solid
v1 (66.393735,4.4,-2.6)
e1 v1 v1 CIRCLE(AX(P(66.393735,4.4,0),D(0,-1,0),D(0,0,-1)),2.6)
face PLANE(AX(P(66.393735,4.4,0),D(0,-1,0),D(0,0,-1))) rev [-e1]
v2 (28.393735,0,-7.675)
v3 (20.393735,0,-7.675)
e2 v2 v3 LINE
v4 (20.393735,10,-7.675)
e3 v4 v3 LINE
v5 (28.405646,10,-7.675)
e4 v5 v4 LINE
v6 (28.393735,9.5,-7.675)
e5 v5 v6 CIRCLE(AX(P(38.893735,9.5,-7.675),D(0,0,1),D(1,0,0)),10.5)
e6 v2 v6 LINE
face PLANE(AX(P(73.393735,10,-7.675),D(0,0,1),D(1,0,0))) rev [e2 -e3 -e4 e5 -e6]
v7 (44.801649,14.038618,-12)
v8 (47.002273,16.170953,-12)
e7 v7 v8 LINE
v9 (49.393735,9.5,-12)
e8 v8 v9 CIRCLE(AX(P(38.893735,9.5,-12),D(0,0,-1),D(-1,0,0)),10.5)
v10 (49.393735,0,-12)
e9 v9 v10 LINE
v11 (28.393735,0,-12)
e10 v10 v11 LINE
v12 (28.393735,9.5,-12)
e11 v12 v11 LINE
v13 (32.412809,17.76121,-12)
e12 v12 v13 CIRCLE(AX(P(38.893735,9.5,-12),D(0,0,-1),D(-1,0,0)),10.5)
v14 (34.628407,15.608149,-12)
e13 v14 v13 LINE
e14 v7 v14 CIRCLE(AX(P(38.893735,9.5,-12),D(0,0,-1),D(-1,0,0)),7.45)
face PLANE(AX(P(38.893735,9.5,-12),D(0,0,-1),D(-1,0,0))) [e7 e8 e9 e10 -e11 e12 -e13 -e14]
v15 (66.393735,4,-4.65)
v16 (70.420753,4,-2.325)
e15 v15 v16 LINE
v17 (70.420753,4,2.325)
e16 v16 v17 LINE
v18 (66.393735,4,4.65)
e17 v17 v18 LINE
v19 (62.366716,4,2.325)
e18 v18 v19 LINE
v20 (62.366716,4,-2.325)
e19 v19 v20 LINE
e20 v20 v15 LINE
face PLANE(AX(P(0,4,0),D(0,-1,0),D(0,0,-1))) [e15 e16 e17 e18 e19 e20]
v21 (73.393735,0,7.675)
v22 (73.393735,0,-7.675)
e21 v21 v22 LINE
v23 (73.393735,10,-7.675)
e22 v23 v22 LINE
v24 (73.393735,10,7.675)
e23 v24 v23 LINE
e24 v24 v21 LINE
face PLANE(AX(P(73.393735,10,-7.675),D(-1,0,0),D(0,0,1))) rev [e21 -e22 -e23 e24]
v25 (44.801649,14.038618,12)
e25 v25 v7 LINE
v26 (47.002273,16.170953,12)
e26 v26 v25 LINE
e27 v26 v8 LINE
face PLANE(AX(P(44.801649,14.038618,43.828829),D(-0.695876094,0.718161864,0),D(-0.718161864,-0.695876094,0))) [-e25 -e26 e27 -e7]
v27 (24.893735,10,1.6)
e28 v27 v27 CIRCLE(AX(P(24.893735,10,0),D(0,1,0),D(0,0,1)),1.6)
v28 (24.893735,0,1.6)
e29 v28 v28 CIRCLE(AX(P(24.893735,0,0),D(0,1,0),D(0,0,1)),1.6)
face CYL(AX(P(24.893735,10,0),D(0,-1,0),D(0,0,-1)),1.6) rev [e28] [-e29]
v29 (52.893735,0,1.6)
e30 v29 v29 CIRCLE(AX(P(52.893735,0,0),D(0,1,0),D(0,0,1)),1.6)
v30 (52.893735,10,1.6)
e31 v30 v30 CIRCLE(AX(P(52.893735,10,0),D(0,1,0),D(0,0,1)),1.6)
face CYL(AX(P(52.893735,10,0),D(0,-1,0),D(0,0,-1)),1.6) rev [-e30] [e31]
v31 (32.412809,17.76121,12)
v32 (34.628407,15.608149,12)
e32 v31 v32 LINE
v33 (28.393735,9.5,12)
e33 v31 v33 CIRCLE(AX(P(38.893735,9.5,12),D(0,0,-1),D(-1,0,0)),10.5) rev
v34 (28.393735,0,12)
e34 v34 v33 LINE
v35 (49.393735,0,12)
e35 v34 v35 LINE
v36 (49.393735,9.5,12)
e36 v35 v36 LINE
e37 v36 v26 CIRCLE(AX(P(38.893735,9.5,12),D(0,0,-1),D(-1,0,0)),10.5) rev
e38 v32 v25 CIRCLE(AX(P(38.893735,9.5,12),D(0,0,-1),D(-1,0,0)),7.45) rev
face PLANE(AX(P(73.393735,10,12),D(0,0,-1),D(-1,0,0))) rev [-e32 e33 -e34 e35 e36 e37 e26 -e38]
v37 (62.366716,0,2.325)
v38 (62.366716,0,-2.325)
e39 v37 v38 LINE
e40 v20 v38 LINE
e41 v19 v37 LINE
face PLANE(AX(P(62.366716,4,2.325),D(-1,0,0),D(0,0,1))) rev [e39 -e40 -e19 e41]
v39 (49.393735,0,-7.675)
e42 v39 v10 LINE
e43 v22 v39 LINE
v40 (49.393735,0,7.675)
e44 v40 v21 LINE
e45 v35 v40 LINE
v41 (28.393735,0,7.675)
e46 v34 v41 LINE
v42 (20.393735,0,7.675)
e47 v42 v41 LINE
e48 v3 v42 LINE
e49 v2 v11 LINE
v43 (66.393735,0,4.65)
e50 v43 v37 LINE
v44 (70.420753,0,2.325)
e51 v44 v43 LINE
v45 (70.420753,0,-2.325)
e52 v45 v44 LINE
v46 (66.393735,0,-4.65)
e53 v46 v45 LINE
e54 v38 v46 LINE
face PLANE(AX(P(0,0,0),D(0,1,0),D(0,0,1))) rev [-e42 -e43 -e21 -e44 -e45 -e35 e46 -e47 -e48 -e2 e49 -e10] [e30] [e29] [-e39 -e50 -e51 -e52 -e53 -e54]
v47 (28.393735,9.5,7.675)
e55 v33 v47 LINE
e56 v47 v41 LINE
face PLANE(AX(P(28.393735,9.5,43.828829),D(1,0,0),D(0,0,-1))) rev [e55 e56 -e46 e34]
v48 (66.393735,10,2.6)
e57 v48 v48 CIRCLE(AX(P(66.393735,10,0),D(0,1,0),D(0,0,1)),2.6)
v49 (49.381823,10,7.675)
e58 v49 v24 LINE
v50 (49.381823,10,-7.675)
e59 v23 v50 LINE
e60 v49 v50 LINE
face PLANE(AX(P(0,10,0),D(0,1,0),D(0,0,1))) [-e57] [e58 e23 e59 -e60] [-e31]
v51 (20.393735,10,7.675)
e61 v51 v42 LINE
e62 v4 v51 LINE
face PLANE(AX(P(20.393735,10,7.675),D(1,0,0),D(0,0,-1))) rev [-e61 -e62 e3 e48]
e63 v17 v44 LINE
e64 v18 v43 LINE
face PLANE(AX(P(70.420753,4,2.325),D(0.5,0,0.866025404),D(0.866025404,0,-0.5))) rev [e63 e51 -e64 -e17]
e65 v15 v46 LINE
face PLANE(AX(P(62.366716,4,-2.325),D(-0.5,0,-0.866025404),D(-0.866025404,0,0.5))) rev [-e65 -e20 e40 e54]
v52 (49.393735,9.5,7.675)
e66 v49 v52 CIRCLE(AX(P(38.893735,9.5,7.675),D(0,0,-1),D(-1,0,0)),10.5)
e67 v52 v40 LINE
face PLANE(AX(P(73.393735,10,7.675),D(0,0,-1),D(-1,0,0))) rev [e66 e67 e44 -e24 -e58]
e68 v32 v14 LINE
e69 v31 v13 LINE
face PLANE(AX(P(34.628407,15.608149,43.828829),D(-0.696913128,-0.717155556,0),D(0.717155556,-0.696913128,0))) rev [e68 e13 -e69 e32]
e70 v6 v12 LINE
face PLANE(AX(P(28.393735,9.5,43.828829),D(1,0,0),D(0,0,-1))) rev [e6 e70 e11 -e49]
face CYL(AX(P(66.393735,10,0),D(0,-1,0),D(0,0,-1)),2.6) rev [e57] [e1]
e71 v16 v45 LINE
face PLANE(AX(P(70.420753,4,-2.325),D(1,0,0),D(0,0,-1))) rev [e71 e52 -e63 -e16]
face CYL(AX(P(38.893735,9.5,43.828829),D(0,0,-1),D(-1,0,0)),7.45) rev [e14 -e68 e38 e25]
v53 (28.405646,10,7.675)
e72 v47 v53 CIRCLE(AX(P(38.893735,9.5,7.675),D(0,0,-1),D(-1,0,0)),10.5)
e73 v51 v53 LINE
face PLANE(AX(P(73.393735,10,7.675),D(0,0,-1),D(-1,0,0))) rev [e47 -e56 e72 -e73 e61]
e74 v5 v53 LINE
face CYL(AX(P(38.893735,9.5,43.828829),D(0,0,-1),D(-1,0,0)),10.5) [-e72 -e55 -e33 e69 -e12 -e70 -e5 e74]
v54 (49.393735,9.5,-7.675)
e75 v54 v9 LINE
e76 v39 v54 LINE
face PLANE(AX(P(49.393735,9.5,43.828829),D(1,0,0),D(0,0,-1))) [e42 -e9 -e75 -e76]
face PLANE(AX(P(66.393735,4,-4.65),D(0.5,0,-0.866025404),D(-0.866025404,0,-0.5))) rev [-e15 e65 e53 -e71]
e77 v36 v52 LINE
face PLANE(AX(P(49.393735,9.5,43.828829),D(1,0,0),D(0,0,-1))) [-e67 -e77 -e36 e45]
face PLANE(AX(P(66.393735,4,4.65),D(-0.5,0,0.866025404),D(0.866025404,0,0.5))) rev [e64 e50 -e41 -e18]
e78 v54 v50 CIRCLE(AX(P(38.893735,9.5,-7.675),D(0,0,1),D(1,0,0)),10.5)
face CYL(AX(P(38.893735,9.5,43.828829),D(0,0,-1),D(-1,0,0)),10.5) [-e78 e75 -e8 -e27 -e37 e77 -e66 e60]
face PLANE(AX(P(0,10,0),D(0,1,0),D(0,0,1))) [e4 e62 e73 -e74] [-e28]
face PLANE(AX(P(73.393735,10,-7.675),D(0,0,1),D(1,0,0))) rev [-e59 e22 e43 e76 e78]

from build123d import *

# Parameters (mm, degrees)
SKETCH1_W                = 53
SKETCH1_H                = 15.35
SKETCH1_R                = 1.6
SKETCH1_R_2              = 2.6
BOSS_EXTRUDE1_DEPTH      = 10
BOSS_EXTRUDE2_DEPTH      = 4.325
BOSS_EXTRUDE2_DEPTH_BACK = 19.675
CUT_EXTRUDE1_DEPTH       = 20.675
CUT_EXTRUDE2_DEPTH       = 4
SKETCH5_R                = 2.6
BOSS_EXTRUDE3_DEPTH      = 0.4


with BuildPart() as part:
    # Sketch1 → Boss-Extrude1 (new body)
    with BuildSketch(Plane(origin=(0, 0, 0), x_dir=(1, 0, 0), z_dir=(0, 1, 0))):
        with Locations((46.893734614, 0)):
            Rectangle(SKETCH1_W, SKETCH1_H)
        with Locations((52.893734614, 0)):
            Circle(SKETCH1_R, mode=Mode.SUBTRACT)
        with Locations((24.893734614, 0)):
            Circle(SKETCH1_R, mode=Mode.SUBTRACT)
        with Locations((66.393734614, 0)):
            Circle(SKETCH1_R_2, mode=Mode.SUBTRACT)
    extrude(amount=BOSS_EXTRUDE1_DEPTH)

    # Sketch2 → Boss-Extrude2 (add, two sides)
    with BuildSketch(Plane(origin=(0, 0, -7.675), x_dir=(-1, 0, 0), z_dir=(0, 0, -1))) as boss_extrude2_sk:
        with BuildLine():
            Line((-44.801648562, 14.038617938), (-47.002272565, 16.170952878))
            ThreePointArc((-47.002272565, 16.170952878), (-48.777803829, 13.043328345), (-49.393734614, 9.5))
            Line((-49.393734614, 9.5), (-49.393734614, 0))
            Line((-49.393734614, 0), (-28.393734614, 0))
            Line((-28.393734614, 0), (-28.393734614, 9.5))
            ThreePointArc((-28.393734614, 9.5), (-29.451814157, 14.09348866), (-32.412808532, 17.761210391))
            Line((-32.412808532, 17.761210391), (-34.628407423, 15.608148979))
            ThreePointArc((-34.628407423, 15.608148979), (-37.757785789, 2.137111962), (-44.801648562, 14.038617938))
        make_face()
    extrude(amount=BOSS_EXTRUDE2_DEPTH)
    extrude(boss_extrude2_sk.sketch, amount=-BOSS_EXTRUDE2_DEPTH_BACK)

    # Sketch3 → Cut-Extrude1 (cut, through all)
    with BuildSketch(Plane.XY.offset(7.675)):
        with BuildLine():
            Line((46.326937154, 10), (31.460532075, 10))
            ThreePointArc((31.460532075, 10), (38.893734614, 2.05), (46.326937154, 10))
        make_face()
    extrude(amount=-CUT_EXTRUDE1_DEPTH, mode=Mode.SUBTRACT)

    # Sketch4 → Cut-Extrude2 (cut)
    with BuildSketch(Plane.XZ):
        Polygon((62.366716487, 2.325), (62.366716487, -2.325), (66.393734614, -4.65), (70.420752742, -2.325), (70.420752742, 2.325), (66.393734614, 4.65), align=None)
    extrude(amount=-CUT_EXTRUDE2_DEPTH, mode=Mode.SUBTRACT)

    # Sketch5 → Boss-Extrude3 (add)
    with BuildSketch(Plane.XZ.offset(-4)):
        with Locations((66.393734614, 0)):
            Circle(SKETCH5_R)
    extrude(amount=-BOSS_EXTRUDE3_DEPTH)


solid = part.part
